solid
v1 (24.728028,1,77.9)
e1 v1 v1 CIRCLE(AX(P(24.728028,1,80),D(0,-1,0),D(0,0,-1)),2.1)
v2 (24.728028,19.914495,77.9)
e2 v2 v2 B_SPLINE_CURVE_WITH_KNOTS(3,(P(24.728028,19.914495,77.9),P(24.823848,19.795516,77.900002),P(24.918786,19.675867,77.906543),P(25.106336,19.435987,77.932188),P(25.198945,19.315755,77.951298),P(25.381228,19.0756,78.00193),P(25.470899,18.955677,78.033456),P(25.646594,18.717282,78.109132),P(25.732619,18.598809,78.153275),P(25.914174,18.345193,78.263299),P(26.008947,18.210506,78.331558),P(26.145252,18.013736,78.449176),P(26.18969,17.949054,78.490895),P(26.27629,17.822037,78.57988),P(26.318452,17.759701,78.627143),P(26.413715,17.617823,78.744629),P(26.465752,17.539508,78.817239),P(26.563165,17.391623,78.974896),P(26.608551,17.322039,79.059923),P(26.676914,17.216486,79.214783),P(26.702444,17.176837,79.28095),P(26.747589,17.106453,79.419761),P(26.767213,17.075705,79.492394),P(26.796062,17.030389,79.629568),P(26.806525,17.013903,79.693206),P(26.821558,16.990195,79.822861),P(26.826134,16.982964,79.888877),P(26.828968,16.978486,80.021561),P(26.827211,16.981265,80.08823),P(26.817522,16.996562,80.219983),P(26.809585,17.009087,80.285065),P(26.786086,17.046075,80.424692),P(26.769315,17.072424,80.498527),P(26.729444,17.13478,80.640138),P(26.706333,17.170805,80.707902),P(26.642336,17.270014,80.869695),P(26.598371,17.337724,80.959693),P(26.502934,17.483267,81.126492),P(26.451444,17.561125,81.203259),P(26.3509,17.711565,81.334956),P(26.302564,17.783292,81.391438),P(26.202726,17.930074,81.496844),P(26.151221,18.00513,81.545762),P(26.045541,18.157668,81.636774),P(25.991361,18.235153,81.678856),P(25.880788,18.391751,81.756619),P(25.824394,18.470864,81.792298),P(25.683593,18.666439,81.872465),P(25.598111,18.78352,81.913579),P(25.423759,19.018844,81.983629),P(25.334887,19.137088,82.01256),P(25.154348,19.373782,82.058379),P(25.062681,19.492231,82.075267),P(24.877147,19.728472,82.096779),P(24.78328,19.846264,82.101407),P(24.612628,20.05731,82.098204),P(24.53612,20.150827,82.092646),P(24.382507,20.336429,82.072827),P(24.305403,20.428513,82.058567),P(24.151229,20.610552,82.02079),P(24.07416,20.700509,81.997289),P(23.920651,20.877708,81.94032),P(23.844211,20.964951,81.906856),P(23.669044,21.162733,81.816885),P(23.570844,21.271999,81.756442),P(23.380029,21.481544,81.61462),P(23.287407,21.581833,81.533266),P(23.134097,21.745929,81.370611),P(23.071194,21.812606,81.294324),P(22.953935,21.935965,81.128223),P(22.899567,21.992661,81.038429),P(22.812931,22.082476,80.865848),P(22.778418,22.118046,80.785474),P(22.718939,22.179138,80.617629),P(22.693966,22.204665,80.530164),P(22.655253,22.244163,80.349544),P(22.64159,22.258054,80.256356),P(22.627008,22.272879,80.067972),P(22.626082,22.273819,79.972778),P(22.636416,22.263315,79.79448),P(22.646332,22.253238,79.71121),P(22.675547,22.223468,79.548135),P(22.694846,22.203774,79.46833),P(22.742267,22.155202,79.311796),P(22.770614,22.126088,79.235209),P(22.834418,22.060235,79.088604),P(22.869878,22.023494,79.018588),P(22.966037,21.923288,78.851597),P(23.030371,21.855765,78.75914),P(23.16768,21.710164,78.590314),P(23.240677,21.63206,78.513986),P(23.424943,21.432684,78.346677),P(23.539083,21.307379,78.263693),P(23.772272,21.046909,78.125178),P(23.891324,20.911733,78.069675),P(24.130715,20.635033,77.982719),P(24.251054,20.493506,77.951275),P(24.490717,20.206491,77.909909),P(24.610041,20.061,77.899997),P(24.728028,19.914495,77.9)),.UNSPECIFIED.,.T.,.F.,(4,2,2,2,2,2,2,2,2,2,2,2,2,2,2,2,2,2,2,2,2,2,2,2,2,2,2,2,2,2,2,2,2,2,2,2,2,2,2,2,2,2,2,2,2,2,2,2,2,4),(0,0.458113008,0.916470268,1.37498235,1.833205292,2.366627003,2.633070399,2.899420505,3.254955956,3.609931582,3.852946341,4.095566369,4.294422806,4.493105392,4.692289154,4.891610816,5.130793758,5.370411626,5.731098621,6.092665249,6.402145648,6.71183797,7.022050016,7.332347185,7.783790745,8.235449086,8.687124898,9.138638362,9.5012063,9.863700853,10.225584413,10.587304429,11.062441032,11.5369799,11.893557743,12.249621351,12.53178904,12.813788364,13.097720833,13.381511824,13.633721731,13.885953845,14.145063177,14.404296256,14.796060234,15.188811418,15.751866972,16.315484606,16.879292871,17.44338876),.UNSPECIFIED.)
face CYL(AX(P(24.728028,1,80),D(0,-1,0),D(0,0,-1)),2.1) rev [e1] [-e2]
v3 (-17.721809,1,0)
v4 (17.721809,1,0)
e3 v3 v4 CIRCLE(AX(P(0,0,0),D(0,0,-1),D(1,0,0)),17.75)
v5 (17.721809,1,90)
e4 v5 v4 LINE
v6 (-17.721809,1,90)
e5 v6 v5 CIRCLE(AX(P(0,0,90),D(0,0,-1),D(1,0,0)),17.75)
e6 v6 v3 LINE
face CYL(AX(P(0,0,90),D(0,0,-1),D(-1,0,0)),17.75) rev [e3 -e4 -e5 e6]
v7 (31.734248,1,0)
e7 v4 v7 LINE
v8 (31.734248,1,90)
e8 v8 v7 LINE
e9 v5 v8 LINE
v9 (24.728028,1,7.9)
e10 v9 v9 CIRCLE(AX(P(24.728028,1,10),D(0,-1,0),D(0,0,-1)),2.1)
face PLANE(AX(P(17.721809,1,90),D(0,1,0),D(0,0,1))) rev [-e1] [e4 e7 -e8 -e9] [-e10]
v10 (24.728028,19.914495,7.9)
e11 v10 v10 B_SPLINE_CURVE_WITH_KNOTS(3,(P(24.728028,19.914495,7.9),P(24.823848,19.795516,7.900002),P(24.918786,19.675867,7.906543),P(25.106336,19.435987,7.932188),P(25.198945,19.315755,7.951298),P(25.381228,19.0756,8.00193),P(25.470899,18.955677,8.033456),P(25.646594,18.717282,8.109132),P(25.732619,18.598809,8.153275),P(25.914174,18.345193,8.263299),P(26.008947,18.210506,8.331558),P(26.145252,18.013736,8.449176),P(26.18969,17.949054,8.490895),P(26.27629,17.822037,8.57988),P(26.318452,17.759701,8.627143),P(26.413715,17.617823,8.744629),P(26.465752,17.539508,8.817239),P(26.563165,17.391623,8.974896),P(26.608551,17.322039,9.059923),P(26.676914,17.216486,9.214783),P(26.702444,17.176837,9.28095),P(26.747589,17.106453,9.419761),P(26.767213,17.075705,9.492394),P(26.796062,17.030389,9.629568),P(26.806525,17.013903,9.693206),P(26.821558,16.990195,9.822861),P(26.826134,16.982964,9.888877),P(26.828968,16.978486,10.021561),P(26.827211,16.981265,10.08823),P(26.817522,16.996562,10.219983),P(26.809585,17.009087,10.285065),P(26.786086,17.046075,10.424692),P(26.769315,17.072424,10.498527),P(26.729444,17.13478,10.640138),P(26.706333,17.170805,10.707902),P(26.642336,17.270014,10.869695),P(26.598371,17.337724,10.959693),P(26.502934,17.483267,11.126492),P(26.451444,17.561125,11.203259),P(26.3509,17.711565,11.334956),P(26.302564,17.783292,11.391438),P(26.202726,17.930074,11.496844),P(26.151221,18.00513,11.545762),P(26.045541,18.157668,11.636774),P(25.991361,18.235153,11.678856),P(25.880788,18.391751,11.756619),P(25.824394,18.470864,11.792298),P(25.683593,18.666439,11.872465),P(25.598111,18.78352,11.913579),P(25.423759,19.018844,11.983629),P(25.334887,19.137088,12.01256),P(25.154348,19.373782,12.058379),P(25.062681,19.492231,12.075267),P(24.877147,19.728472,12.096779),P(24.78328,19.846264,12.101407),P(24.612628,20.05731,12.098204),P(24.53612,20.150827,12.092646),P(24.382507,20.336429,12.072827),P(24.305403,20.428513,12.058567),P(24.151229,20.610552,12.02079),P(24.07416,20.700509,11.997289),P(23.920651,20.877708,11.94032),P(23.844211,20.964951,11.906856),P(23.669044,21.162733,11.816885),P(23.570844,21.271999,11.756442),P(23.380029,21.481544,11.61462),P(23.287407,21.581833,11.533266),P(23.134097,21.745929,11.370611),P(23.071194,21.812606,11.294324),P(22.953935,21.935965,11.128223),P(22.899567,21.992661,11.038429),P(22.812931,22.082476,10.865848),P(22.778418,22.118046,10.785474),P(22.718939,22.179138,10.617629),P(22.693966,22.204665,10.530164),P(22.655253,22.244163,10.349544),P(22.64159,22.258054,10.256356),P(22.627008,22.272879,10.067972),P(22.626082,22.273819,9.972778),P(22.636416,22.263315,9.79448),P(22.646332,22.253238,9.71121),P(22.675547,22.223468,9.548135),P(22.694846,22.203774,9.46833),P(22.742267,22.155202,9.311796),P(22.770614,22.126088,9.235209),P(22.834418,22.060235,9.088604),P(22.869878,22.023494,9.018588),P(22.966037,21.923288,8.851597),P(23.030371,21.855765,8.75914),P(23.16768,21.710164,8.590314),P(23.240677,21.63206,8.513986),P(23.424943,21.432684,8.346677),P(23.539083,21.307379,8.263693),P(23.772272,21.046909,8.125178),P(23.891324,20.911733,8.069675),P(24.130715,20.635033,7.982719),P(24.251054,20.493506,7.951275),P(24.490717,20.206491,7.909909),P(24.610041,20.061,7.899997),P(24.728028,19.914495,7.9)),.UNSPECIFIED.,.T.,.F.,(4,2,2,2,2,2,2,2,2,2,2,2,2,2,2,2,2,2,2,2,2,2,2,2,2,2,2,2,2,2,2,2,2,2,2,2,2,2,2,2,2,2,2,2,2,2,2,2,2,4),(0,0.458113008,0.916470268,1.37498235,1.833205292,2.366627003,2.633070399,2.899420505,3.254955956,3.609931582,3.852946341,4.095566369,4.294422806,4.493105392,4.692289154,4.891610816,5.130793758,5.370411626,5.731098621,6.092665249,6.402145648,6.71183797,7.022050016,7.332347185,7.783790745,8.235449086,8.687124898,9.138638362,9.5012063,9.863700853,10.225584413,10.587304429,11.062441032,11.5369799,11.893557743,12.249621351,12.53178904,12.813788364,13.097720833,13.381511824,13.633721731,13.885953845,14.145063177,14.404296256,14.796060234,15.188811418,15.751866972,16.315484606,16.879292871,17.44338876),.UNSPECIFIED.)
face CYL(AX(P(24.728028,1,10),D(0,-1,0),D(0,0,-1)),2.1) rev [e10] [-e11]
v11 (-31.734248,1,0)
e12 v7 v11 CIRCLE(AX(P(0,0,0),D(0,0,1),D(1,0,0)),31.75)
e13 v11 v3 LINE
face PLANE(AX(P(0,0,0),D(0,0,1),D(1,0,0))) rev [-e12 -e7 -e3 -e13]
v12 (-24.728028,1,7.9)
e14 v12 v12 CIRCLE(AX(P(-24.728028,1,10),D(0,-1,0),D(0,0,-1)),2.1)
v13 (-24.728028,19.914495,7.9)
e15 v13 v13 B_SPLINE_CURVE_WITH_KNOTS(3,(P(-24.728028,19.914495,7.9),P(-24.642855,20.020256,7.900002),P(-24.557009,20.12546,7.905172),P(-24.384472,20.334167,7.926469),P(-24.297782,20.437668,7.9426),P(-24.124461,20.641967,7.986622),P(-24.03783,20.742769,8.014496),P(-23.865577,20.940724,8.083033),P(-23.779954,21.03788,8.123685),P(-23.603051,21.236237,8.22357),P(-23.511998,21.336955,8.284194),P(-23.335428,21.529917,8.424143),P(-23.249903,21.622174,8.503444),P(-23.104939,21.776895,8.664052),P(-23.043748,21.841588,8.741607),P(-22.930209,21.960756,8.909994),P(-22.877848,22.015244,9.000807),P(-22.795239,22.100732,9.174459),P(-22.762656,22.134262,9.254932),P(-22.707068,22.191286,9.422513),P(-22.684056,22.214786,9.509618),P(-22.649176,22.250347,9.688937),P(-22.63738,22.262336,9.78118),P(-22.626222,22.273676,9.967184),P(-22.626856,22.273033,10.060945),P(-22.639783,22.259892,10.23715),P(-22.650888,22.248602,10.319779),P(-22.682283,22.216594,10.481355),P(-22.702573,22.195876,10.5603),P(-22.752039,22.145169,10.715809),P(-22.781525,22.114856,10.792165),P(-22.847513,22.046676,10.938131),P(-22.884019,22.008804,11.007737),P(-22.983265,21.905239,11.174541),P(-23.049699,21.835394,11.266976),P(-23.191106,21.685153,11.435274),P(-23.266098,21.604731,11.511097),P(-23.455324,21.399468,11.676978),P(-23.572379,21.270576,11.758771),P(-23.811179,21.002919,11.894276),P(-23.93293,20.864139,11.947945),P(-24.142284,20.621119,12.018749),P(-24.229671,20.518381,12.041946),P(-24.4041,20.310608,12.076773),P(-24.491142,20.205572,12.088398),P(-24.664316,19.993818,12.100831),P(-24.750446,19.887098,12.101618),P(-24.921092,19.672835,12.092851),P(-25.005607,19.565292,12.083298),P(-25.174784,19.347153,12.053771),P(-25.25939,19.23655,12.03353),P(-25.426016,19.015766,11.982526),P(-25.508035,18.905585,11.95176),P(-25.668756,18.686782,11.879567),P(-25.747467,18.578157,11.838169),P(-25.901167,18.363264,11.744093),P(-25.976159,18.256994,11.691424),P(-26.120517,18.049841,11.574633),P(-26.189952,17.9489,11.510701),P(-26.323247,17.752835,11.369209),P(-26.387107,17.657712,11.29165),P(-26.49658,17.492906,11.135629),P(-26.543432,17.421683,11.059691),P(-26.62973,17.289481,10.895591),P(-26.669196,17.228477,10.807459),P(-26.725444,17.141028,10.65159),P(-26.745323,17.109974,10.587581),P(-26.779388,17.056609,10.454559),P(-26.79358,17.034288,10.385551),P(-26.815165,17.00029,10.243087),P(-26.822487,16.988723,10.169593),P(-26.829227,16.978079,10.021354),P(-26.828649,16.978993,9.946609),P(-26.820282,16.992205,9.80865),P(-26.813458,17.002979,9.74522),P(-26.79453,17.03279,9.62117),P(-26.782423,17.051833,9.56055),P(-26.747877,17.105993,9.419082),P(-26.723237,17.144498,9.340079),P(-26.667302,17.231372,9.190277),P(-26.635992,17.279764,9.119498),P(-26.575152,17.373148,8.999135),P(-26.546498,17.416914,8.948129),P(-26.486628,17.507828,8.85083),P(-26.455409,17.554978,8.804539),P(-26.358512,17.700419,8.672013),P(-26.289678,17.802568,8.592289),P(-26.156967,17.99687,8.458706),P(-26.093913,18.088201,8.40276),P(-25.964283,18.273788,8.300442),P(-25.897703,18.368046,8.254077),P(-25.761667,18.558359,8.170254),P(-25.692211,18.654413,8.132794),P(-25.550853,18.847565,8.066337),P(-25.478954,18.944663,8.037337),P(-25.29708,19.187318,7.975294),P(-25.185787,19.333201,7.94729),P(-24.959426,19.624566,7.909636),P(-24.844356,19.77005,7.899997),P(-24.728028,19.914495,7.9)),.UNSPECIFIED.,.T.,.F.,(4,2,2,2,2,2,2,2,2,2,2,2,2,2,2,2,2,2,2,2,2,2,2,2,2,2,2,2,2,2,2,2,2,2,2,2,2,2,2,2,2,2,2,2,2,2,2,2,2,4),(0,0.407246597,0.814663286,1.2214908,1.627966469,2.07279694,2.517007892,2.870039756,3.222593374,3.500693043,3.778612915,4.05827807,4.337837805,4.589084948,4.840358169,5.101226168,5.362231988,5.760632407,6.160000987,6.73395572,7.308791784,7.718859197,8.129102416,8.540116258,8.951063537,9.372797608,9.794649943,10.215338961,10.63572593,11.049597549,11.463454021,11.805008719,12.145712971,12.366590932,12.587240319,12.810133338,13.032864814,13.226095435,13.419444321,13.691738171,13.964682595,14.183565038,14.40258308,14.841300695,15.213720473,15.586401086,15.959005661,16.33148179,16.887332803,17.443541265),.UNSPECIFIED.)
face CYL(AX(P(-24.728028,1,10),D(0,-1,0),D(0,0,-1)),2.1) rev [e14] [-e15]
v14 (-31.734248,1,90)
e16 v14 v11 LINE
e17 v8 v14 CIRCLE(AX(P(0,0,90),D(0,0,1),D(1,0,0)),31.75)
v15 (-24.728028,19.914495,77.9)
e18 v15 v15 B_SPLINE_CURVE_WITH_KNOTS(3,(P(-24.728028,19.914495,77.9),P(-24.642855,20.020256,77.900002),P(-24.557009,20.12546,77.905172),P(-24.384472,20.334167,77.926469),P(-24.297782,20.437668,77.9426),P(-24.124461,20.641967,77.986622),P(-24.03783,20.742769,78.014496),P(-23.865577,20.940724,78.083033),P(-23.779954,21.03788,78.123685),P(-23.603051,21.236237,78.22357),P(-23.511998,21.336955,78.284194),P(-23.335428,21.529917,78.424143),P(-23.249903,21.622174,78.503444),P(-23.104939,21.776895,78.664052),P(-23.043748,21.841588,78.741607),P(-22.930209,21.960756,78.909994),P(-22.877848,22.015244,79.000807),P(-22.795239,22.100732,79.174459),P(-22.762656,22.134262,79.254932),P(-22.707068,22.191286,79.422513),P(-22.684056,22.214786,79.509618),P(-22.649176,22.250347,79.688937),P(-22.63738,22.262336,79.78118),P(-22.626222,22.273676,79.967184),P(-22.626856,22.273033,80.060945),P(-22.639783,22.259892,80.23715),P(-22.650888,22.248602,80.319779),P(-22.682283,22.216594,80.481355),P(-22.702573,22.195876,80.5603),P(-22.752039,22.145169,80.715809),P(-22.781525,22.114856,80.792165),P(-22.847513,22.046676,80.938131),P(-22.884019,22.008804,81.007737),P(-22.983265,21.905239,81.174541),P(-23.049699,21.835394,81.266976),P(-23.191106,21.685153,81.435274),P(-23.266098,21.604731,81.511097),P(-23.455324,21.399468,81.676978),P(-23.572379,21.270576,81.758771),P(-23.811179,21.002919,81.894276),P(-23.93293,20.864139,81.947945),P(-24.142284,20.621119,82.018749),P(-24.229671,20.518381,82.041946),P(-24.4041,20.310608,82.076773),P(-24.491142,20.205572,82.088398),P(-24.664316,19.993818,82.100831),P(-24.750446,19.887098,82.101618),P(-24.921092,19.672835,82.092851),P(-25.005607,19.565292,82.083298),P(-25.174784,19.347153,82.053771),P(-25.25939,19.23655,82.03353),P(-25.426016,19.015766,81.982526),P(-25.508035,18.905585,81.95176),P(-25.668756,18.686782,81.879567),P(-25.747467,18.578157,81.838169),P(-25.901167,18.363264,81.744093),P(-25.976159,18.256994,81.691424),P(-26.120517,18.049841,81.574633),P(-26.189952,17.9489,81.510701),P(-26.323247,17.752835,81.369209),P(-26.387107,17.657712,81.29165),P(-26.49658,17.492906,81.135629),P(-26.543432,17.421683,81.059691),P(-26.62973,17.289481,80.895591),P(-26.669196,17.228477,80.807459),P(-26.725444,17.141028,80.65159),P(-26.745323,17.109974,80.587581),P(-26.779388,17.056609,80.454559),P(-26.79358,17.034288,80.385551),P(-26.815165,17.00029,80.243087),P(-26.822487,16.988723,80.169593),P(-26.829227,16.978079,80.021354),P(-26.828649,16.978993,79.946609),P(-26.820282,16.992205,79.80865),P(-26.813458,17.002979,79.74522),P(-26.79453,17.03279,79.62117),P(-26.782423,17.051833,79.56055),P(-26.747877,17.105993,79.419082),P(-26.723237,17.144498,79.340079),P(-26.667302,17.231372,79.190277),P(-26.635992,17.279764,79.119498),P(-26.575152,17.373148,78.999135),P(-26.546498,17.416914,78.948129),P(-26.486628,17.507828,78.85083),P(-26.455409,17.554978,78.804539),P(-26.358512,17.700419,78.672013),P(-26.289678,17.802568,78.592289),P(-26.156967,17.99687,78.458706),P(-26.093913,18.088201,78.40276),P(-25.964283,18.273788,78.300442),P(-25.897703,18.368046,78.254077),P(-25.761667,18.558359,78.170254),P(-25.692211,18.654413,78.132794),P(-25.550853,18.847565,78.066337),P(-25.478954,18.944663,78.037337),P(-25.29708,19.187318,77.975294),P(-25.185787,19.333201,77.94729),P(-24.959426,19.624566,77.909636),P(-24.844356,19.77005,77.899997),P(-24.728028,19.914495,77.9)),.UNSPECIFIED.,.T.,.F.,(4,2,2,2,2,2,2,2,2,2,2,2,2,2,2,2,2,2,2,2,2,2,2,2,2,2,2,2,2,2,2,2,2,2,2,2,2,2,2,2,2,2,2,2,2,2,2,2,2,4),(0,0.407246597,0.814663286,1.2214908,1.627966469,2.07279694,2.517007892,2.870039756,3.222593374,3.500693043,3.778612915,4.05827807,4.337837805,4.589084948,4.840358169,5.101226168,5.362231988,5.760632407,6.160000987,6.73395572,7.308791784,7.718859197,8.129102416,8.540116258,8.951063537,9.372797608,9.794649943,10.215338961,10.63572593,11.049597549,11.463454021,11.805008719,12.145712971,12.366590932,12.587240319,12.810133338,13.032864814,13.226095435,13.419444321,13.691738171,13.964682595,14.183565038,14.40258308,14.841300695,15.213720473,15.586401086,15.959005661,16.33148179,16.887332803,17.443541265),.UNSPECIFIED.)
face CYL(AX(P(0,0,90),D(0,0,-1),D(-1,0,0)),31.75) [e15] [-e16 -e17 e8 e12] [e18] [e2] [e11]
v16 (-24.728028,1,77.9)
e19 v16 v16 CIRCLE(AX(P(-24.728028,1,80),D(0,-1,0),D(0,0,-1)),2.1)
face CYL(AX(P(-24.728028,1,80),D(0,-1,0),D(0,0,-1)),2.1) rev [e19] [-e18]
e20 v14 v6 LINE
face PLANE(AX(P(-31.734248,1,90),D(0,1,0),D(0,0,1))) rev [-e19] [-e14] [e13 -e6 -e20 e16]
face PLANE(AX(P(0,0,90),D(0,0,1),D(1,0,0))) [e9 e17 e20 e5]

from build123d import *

# Parameters (mm, degrees)
BOSS_EXTRUDE1_DEPTH         = 90
TAP_DRILL_FOR_M5X0_8_TAP1_D = 4.2


with BuildPart() as part:
    # Sketch1 → Boss-Extrude1 (new body)
    with BuildSketch(Plane.XY):
        with BuildLine():
            Line((-31.734248061, 1), (-17.721808598, 1))
            ThreePointArc((-17.721808598, 1), (0, 17.75), (17.721808598, 1))
            Line((17.721808598, 1), (31.734248061, 1))
            ThreePointArc((31.734248061, 1), (0, 31.75), (-31.734248061, 1))
        make_face()
    extrude(amount=BOSS_EXTRUDE1_DEPTH)

    # Tap Drill for M5x0.8 Tap1 (through all)
    with Locations(Plane(origin=(-24.72802833, 1, 80), x_dir=(0, 0, -1), z_dir=(0, -1, 0))):
        with Locations((0, 0), (70, 0), (0, 49.45605666), (70, 49.45605666)):
            Hole(TAP_DRILL_FOR_M5X0_8_TAP1_D / 2)


solid = part.part
